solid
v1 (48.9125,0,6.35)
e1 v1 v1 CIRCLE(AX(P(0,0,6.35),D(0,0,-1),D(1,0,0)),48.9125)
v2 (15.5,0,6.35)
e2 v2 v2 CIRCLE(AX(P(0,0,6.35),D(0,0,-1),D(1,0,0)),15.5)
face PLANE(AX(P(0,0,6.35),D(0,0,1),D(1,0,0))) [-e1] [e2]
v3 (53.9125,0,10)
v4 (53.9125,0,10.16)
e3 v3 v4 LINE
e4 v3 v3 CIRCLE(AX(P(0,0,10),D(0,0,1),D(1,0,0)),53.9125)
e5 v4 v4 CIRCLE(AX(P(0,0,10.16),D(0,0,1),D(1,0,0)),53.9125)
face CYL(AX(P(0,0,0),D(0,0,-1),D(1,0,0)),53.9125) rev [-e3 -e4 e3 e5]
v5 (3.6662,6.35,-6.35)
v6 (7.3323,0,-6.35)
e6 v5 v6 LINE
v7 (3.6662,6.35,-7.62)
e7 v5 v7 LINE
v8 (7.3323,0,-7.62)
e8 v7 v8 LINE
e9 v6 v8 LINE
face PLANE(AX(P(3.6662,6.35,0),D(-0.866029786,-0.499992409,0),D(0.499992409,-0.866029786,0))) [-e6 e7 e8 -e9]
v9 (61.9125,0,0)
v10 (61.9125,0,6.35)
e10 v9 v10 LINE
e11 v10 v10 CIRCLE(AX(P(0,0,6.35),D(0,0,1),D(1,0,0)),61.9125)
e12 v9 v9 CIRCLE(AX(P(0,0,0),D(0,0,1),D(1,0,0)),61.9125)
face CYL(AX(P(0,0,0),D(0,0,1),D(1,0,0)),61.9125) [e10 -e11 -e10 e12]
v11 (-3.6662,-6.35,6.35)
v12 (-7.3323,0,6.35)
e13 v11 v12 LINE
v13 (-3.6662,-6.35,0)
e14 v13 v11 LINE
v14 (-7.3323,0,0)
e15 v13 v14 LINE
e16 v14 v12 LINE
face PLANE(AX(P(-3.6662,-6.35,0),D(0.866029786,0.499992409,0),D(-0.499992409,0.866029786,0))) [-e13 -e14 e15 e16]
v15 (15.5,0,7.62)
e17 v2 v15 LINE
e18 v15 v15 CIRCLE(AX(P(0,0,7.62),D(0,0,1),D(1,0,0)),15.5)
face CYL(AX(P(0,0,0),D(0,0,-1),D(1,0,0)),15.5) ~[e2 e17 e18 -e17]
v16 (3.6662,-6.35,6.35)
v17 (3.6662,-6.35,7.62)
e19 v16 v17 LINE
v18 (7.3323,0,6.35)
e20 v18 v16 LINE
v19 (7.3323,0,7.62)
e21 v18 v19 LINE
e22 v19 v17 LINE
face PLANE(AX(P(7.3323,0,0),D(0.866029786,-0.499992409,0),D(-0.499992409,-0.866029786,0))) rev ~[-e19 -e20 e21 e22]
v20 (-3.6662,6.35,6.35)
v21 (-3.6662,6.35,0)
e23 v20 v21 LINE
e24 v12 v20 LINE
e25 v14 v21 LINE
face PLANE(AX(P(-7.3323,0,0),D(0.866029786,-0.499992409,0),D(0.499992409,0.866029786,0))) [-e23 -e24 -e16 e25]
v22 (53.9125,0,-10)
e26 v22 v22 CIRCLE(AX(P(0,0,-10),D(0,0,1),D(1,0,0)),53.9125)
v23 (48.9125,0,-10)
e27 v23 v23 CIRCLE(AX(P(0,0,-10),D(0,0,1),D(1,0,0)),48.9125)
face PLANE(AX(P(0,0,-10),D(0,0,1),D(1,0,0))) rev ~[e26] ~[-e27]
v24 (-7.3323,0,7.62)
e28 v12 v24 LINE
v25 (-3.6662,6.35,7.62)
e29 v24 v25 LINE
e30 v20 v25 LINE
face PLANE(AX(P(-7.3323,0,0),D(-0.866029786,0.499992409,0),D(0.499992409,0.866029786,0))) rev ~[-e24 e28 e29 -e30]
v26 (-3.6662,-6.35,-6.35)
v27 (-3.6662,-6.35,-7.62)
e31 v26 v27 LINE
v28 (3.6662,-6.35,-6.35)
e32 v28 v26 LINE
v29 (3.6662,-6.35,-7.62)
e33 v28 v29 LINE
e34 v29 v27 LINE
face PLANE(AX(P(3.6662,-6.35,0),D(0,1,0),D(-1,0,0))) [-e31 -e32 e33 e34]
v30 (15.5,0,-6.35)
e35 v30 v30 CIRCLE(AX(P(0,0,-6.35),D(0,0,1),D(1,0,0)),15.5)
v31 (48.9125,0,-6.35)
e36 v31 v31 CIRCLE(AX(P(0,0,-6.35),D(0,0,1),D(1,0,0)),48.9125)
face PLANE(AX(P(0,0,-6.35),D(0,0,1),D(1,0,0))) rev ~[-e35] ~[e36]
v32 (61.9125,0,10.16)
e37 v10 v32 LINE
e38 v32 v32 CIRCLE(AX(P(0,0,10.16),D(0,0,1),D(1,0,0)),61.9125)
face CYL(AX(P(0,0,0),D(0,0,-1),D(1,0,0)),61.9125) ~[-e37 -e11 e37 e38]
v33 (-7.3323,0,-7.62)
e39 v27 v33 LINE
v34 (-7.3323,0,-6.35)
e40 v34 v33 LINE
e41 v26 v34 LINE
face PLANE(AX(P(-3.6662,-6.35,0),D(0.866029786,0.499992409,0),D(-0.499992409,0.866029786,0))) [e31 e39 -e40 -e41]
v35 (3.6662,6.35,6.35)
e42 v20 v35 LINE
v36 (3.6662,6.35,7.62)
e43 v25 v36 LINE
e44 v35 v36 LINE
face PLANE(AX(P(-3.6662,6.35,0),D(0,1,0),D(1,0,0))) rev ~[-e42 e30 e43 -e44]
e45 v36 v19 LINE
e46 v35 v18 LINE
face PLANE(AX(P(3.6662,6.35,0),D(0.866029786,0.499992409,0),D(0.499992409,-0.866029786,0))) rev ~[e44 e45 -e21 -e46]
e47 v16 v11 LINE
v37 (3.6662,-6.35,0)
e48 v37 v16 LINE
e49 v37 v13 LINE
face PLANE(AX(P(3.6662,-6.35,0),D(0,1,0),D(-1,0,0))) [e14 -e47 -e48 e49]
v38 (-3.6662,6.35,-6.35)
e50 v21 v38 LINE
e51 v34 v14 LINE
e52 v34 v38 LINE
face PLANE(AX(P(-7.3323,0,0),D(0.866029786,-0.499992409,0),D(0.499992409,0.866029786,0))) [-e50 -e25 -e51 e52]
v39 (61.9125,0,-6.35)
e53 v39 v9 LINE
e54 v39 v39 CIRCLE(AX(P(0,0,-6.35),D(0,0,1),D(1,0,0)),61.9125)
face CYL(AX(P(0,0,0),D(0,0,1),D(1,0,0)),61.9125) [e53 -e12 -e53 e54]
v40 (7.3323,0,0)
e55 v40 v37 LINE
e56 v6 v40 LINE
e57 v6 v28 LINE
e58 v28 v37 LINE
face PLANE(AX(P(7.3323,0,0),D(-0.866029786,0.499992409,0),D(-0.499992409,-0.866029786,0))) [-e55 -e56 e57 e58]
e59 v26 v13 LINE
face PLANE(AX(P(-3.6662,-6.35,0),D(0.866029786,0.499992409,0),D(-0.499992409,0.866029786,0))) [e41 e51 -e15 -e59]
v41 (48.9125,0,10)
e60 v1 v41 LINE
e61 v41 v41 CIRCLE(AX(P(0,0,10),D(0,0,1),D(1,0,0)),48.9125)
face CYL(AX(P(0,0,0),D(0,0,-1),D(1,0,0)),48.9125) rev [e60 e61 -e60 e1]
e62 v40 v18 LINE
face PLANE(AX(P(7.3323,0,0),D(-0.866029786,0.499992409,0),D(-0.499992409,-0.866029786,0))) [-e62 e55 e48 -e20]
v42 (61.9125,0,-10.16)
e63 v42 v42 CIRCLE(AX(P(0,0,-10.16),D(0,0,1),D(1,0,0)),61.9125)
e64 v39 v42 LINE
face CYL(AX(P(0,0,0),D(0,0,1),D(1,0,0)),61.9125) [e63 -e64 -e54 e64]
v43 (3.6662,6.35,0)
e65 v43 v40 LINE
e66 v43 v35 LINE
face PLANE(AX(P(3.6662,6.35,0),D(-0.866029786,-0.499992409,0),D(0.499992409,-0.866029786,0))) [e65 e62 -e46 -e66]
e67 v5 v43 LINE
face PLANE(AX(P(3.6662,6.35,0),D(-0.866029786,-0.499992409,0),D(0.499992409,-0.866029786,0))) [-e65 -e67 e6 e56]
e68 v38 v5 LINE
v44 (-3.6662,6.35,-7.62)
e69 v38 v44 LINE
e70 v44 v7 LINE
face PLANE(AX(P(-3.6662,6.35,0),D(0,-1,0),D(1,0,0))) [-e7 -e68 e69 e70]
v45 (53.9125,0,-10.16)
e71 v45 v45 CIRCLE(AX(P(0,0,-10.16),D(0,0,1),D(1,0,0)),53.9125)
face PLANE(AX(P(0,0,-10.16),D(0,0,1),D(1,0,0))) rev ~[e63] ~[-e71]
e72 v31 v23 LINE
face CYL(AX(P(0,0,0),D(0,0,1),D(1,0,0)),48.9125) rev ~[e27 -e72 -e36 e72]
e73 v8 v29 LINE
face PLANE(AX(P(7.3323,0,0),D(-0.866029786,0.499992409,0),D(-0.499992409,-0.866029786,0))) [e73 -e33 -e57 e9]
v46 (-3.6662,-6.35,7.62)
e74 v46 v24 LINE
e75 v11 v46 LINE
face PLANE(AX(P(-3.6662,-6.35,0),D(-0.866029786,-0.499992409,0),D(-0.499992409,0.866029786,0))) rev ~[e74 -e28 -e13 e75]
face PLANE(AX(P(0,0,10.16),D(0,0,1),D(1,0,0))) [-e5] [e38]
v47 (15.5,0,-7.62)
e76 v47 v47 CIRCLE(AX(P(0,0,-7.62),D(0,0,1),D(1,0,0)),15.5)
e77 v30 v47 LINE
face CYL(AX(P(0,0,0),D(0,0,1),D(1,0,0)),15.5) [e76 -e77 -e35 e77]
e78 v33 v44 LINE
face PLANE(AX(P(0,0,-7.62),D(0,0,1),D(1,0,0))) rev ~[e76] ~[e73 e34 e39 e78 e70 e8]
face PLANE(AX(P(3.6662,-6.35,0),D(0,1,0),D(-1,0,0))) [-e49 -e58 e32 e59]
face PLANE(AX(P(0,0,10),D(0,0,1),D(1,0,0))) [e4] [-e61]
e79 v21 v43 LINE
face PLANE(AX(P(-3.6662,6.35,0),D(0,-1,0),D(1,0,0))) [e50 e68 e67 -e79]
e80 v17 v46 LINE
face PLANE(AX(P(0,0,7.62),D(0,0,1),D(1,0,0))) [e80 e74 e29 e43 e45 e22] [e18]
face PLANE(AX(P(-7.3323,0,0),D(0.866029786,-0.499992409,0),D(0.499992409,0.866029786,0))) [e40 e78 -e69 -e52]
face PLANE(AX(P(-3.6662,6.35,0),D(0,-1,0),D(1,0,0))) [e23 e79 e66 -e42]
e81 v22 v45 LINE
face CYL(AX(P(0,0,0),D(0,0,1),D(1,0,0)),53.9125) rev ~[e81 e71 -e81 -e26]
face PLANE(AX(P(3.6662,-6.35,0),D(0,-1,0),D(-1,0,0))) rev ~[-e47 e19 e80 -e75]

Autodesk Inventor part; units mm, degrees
ref_plane "YZ Plane" through (0, 0, 0) normal (1, 0, 0) x (0, 1, 0)
ref_plane "XZ Plane" through (0, 0, 0) normal (0, 1, 0) x (-1, 0, 0)
ref_plane "XY Plane" through (0, 0, 0) normal (0, 0, 1) x (1, 0, 0)
sketch "Sketch1" plane through (0, 0, 0) normal (0, 0, 1) x (1, 0, 0)
  circle A0 centre (0, 0) radius 53.9125
  circle A1 centre (0, 0) radius 61.9125
  line L0 (-3.6662, 6.35) -> (3.6662, 6.35)
  line L1 (3.6662, 6.35) -> (7.3323, 0)
  line L2 (7.3323, 0) -> (3.6662, -6.35)
  line L3 (3.6662, -6.35) -> (-3.6662, -6.35)
  line L4 (-3.6662, -6.35) -> (-7.3323, 0)
  line L5 (-7.3323, 0) -> (-3.6662, 6.35)
  circle A2 centre (0, 0) radius 48.9125
  circle A3 centre (0, 0) radius 15.5
  point P0 (0, -6.35)
  dimension "d0" = 8
  dimension "d2" = 12.7
  dimension "d7" = 123.825
  dimension "d8" = 13
  dimension "d13" = 31
extrude "Extrusion1" add sketch "Sketch1" along normal mid plane 12.7 contours A0 | A1 | A2 | A3
extrude "Extrusion2" add sketch "Sketch1" along normal mid plane 20.32 contours A1
extrude "Extrusion3" add sketch "Sketch1" along normal blind 10 contours A0
extrude "Extrusion4" add sketch "Sketch1" against normal blind 10 contours A0
extrude "Extrusion5" add sketch "Sketch1" along normal mid plane 15.24 contours A3
properties part number "hjul"
